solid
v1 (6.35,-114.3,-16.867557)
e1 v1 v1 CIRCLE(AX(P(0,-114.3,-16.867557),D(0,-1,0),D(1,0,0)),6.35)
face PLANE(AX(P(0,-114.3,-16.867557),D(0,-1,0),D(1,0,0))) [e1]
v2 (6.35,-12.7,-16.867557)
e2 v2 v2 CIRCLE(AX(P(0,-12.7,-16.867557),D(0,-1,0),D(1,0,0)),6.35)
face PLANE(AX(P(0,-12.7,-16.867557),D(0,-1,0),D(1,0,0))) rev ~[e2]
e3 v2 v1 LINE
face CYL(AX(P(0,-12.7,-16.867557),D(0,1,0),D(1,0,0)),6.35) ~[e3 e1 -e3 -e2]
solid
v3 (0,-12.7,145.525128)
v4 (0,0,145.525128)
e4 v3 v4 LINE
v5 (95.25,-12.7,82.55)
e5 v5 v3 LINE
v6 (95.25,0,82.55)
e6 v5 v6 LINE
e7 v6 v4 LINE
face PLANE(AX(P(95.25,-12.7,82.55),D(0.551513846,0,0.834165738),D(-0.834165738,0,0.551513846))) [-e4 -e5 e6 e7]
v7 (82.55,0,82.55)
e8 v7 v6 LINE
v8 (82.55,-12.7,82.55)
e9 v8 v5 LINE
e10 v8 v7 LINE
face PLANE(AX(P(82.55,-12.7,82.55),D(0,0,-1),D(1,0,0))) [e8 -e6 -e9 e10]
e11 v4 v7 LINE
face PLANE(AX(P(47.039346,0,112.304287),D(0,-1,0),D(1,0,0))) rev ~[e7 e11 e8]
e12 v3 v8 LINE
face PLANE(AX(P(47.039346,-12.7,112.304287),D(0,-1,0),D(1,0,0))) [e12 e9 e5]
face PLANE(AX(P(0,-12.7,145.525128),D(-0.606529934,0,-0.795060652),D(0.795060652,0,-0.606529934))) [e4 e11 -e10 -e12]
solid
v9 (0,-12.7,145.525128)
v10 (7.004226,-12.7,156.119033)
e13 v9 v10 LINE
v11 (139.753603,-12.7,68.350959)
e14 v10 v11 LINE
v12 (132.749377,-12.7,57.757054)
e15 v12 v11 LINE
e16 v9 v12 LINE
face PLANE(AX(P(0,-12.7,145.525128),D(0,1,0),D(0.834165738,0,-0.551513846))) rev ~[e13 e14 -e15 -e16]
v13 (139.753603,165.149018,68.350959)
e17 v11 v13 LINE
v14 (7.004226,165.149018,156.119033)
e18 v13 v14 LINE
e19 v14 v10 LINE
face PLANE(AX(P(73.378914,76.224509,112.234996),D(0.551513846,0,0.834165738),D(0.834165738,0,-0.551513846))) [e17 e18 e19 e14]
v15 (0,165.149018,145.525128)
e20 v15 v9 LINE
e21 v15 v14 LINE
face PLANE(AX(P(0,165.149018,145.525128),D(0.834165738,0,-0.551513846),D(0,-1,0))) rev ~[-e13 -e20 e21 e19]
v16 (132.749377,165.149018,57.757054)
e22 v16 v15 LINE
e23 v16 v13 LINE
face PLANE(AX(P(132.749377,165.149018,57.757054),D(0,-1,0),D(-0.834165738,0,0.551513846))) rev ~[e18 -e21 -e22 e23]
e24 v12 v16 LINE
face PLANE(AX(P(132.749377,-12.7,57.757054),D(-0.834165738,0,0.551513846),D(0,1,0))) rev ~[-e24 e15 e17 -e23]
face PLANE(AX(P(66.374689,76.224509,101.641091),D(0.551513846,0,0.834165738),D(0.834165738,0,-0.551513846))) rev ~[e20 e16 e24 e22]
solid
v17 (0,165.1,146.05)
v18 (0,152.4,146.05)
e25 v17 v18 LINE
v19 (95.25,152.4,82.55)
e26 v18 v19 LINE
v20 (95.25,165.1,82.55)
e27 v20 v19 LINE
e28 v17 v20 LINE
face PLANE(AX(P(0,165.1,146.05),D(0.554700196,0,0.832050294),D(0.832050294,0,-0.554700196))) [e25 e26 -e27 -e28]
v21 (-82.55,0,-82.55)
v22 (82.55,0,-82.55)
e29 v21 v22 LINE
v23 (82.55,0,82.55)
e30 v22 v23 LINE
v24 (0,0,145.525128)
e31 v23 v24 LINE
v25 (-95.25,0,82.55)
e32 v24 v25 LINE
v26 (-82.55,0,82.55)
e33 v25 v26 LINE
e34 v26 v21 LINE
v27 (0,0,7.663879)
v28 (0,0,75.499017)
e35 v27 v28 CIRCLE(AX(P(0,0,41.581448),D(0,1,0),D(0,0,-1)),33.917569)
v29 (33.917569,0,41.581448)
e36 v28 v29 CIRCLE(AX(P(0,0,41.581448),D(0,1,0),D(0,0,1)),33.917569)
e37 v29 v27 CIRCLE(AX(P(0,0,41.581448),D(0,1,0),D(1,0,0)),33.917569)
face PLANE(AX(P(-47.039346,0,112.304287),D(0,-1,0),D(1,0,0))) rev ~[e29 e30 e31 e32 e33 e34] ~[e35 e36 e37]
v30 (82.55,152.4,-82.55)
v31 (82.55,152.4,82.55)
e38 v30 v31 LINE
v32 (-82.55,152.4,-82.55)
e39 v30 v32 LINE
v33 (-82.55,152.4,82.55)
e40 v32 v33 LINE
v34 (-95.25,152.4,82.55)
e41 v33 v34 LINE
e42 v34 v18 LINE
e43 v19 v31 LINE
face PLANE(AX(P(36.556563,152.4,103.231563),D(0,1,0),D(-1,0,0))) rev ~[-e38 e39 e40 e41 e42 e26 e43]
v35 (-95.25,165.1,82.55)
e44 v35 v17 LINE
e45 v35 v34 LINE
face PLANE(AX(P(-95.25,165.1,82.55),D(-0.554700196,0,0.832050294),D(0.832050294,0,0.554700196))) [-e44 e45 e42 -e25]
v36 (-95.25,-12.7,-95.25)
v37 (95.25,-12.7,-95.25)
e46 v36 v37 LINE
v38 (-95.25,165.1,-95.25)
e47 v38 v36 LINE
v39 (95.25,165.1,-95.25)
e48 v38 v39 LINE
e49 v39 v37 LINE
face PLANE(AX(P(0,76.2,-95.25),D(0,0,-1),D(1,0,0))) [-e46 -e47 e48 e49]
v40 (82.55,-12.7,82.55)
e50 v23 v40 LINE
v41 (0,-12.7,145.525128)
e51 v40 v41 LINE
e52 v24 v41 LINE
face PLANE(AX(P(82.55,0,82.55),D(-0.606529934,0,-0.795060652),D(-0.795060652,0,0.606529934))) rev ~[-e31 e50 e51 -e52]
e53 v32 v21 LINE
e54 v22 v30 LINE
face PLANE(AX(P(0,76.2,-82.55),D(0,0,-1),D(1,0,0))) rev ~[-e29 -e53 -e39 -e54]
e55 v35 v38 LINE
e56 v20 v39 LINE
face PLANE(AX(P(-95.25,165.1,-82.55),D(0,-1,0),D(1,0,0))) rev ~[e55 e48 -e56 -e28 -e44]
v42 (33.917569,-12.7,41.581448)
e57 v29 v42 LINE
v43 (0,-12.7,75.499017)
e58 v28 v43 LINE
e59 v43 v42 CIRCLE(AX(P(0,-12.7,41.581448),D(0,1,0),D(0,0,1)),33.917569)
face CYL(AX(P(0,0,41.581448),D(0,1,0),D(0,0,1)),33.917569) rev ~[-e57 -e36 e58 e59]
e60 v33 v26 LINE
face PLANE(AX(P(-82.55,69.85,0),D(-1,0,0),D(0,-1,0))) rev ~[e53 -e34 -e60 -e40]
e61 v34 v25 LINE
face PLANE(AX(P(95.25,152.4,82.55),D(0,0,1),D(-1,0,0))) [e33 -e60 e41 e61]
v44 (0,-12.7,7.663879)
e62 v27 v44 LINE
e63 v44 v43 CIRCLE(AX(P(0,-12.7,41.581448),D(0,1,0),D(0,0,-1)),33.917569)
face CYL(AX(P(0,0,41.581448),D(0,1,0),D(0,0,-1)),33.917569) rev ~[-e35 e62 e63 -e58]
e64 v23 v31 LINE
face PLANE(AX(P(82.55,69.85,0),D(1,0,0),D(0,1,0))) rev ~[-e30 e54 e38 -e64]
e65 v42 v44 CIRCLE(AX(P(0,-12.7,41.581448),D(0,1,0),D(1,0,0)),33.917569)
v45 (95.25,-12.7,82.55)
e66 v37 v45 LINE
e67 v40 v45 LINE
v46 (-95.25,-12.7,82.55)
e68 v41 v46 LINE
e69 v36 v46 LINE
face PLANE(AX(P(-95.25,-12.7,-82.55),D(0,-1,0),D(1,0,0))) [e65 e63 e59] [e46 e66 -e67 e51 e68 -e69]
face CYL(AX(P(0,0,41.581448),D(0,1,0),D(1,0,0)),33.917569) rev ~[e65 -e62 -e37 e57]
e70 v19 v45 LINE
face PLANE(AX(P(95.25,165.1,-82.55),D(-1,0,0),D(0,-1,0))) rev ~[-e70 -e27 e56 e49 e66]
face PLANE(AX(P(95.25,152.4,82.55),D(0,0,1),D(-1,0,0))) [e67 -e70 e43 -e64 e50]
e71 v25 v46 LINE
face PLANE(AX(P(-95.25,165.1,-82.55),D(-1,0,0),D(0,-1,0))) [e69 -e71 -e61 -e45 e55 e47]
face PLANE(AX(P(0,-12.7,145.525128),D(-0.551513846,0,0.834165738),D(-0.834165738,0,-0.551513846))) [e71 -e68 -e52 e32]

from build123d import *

# Parameters (mm, degrees)
F0_R      = 12.6242365168
F1_DEPTH  = 12.7
F2_R      = 6.35
F3_DEPTH  = 101.6
F4_W      = 165.1
F4_H      = 165.1
F5_DEPTH  = 12.7
F6_W      = 165.1
F6_H      = 165.1
F7_DEPTH  = 12.7
F8_W      = 190.5
F8_H      = 165.1
F9_DEPTH  = 12.7
F11_DEPTH = 12.7
F13_DEPTH = 12.7
F15_DEPTH = 12.7
F17_DEPTH = 12.7
F18_W     = 190.5
F18_H     = 177.8
F19_DEPTH = 12.7


with BuildPart() as f1:
    # F0 (on Front) → F1 (new body)
    with BuildSketch(Plane.XZ):
        Polygon((0, 82.55), (-82.55, 82.55), (-82.55, -82.55), (82.55, -82.55), (82.55, 82.55), align=None)
        with Locations((0, -25.6478693336)):
            Circle(F0_R, mode=Mode.SUBTRACT)
        with BuildLine():
            ThreePointArc((0, 7.6638790456), (-33.917569122, 41.5814481676), (0, 75.4990172895))
            ThreePointArc((0, 75.4990172895), (23.9833431275, 65.5647912951), (33.917569122, 41.5814481676))
            ThreePointArc((33.917569122, 41.5814481676), (23.9833431275, 17.59810504), (0, 7.6638790456))
        make_face(mode=Mode.SUBTRACT)
        Polygon((0, 145.5251276493), (-82.55, 82.55), (0, 82.55), align=None)
        Polygon((0, 145.5251276493), (0, 82.55), (82.55, 82.55), align=None)
        with Locations((0, -25.6478693336)):
            Circle(F0_R)
    extrude(amount=F1_DEPTH)

    # F4 (on face) → F5 (join)
    with BuildSketch(Plane.YZ.offset(82.55)):
        with Locations((69.85, 0)):
            Rectangle(F4_W, F4_H)
    extrude(amount=F5_DEPTH)

    # F6 (on face) → F7 (join)
    with BuildSketch(Plane(origin=(-82.55, 0, 0), x_dir=(0, -1, 0), z_dir=(-1, 0, 0))):
        with Locations((-69.85, 0)):
            Rectangle(F6_W, F6_H)
    extrude(amount=F7_DEPTH)

    # F8 (on face) → F9 (join)
    with BuildSketch(Plane(origin=(0, 152.4, 0), x_dir=(-1, 0, 0), z_dir=(0, 1, 0))):
        Rectangle(F8_W, F8_H)
    extrude(amount=F9_DEPTH)

    # F12 (on face) → F13 (join)
    with BuildSketch(Plane.XZ.offset(12.7)):
        Polygon((-82.55, 82.55), (0, 145.5251276493), (-95.25, 82.55), align=None)
    extrude(amount=-F13_DEPTH)

    # F14 (on face) → F15 (join)
    with BuildSketch(Plane(origin=(0, 165.1, 0), x_dir=(-1, 0, 0), z_dir=(0, 1, 0))):
        Polygon((-95.25, 82.55), (0, 82.55), (0, 146.05), align=None)
        Polygon((0, 146.05), (0, 82.55), (95.25, 82.55), align=None)
    extrude(amount=-F15_DEPTH)

    # F18 (on face) → F19 (join)
    with BuildSketch(Plane(origin=(0, 0, -82.55), x_dir=(1, 0, 0), z_dir=(0, 0, -1))):
        with Locations((0, -76.2)):
            Rectangle(F18_W, F18_H)
    extrude(amount=F19_DEPTH)


with BuildPart() as f3:
    # F2 (on face) → F3 (new body)
    with BuildSketch(Plane.XZ.offset(12.7)):
        with Locations((0, -16.8675573403)):
            Circle(F2_R)
    extrude(amount=F3_DEPTH)


with BuildPart() as f11:
    # F10 (on face) → F11 (new body)
    with BuildSketch(Plane.XZ.offset(12.7)):
        Polygon((95.25, 82.55), (0, 145.5251276493), (82.55, 82.55), align=None)
    extrude(amount=-F11_DEPTH)


with BuildPart() as f17:
    # F16 (on face) → F17 (new body)
    with BuildSketch(Plane(origin=(66.9494103821, 0, 101.2611101705), x_dir=(0.8341657377, 0, -0.5515138458), z_dir=(0.5515138458, 0, 0.8341657377))):
        Polygon((-80.2591228078, 165.1490181684), (-80.2591228078, -12.7), (33.9268185442, -12.7), (78.8811668754, -12.7), (78.8811668754, 165.1490181684), (33.4978550673, 165.1490181684), align=None)
    extrude(amount=F17_DEPTH)


solid = Compound([f1.part, f3.part, f11.part, f17.part])
